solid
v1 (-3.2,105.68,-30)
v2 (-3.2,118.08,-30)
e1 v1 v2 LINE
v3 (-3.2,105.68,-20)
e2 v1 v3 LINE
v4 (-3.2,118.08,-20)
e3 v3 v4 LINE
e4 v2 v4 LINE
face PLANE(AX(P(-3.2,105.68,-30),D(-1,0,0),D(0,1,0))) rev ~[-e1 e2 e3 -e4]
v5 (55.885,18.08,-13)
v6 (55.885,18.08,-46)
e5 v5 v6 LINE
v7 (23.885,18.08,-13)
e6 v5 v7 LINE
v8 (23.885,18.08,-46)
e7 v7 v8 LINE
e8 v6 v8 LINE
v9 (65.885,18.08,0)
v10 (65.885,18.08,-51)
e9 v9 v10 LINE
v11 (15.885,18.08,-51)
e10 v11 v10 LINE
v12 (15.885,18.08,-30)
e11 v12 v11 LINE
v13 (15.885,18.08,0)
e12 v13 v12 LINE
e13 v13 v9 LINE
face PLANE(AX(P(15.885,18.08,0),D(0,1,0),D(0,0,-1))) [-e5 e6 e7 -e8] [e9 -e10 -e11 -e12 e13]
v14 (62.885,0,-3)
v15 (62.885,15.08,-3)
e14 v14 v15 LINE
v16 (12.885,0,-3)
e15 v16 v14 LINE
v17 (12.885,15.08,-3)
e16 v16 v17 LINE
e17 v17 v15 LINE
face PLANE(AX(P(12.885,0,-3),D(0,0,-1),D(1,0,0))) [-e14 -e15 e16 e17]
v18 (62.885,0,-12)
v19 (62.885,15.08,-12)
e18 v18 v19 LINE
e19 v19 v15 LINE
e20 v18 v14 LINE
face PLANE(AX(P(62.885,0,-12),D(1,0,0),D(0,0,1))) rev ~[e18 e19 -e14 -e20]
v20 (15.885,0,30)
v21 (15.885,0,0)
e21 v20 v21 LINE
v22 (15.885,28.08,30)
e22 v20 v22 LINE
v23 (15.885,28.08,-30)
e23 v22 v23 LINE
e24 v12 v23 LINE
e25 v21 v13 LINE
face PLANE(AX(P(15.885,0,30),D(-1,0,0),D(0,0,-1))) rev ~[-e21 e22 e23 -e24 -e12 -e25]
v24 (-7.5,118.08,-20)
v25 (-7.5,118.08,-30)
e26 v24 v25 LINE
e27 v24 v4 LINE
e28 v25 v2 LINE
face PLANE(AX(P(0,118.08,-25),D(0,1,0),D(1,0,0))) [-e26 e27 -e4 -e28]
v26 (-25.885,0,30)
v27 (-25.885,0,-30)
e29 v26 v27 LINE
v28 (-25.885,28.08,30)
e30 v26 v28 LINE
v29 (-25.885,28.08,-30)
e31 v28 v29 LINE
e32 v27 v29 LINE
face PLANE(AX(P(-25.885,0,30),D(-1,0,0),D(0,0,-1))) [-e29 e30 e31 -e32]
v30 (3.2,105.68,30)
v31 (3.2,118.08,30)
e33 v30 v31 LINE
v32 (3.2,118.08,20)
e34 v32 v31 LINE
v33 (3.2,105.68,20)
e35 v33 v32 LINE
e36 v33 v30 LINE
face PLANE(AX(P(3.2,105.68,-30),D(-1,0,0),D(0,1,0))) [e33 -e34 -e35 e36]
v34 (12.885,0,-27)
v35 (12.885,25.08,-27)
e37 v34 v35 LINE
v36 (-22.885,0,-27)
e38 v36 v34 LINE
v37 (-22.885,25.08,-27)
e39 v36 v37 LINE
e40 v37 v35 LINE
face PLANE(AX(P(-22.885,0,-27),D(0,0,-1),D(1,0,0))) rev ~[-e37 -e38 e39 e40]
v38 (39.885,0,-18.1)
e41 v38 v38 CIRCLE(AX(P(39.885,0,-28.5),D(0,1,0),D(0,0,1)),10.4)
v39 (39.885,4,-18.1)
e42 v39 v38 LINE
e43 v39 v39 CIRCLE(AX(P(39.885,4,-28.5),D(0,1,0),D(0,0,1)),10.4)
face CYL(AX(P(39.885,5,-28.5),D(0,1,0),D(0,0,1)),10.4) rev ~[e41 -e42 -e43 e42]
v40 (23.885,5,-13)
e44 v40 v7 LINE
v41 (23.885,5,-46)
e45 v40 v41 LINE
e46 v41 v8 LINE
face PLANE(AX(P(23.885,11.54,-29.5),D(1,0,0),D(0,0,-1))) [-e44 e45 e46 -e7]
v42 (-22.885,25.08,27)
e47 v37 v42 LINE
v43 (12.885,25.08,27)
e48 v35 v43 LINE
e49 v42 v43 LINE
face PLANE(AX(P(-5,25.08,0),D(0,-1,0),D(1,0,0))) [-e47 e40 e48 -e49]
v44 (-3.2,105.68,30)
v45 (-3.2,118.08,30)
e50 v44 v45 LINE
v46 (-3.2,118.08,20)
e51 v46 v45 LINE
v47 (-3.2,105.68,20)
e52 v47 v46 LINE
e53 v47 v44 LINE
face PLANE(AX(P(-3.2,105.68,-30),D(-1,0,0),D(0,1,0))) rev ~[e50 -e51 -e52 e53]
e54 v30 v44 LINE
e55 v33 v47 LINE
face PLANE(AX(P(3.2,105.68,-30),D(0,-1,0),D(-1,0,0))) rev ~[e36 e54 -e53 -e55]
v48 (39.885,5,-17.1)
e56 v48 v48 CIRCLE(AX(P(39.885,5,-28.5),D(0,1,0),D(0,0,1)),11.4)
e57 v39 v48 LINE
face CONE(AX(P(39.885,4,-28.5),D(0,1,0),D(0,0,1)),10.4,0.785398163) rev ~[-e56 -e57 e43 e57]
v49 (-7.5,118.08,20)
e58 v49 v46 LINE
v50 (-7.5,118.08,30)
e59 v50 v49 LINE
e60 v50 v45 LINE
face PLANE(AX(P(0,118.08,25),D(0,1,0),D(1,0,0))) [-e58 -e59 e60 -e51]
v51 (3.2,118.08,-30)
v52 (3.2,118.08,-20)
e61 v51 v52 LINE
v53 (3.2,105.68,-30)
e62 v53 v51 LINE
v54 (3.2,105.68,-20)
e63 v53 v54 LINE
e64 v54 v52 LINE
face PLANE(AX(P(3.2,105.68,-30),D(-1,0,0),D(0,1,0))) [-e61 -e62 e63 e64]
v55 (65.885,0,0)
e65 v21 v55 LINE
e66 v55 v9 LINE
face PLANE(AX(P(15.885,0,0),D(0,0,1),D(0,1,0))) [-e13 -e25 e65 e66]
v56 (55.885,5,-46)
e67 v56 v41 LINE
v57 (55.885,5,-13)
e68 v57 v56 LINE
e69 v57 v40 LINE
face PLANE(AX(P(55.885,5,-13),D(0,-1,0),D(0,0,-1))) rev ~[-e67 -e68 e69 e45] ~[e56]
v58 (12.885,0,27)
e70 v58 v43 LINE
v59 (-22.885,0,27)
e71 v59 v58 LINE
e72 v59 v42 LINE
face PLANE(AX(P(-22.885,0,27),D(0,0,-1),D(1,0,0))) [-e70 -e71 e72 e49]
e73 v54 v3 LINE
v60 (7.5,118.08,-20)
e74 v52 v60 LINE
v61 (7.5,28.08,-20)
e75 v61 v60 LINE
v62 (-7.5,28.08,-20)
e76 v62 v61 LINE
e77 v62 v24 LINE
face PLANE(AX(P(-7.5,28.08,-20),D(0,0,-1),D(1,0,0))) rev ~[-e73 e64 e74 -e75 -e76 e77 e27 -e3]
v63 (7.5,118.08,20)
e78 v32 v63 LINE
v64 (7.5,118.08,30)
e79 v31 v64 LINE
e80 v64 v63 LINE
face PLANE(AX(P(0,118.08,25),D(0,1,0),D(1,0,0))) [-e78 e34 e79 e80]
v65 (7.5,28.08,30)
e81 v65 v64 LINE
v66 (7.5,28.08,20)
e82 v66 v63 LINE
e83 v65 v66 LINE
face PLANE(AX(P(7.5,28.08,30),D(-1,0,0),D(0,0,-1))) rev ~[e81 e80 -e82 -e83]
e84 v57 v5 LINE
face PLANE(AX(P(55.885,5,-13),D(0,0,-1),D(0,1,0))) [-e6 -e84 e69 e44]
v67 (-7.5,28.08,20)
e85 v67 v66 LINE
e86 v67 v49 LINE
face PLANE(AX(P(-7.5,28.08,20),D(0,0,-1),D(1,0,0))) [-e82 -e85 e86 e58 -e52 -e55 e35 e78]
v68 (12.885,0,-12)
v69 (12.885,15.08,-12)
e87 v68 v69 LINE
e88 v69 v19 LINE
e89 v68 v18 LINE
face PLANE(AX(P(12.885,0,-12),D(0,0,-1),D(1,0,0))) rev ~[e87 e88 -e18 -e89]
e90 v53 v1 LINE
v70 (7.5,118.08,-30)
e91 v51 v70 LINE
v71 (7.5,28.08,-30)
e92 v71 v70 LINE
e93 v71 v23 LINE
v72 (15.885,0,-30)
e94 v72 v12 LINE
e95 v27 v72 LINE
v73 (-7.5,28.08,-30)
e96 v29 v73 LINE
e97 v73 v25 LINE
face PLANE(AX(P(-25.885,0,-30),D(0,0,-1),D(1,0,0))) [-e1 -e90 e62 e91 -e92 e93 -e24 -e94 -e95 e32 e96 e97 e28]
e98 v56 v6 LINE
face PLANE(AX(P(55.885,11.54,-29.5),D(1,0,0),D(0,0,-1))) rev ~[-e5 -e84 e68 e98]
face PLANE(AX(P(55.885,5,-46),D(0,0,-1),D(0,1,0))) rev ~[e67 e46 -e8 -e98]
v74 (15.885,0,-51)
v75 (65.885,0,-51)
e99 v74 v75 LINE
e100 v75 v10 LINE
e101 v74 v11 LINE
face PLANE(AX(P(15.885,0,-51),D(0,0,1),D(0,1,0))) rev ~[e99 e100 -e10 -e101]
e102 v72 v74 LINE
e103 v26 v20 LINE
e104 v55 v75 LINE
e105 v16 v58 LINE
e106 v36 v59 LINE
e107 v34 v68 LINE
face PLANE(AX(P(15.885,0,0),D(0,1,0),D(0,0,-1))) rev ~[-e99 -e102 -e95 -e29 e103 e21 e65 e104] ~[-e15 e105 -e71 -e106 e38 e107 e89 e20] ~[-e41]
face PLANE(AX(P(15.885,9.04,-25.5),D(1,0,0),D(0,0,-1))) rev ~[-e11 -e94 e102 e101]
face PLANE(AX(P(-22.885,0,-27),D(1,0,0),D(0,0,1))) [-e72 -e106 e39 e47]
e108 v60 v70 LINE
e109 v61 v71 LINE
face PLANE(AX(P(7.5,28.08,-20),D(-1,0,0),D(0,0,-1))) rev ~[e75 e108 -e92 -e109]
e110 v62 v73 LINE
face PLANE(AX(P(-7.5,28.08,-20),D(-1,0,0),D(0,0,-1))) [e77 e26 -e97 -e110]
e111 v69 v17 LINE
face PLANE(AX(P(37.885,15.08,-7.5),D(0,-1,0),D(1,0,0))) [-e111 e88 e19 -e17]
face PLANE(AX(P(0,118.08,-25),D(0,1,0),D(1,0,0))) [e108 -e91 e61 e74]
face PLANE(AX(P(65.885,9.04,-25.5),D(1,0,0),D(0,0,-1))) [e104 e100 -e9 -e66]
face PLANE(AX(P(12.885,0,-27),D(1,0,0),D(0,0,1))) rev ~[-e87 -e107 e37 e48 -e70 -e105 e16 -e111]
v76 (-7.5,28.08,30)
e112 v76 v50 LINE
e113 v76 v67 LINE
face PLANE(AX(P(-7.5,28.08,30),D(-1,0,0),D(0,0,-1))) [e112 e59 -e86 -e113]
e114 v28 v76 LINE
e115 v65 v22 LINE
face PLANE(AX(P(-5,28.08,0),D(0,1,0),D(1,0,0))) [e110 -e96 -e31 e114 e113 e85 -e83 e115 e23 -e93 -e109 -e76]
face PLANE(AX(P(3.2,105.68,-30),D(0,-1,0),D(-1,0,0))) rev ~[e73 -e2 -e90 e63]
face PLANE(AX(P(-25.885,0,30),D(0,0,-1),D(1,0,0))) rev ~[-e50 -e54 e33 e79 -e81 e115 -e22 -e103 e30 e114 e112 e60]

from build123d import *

# Parameters (mm, degrees)
SKETCH2_W           = 41.77
SKETCH2_H           = 60
BOSS_EXTRUDE1_DEPTH = 28.08
SKETCH6_W           = 15
SKETCH6_H           = 10
BOSS_EXTRUDE4_DEPTH = 90
SKETCH7_W           = 6.4
SKETCH7_H           = 12.4
CUT_EXTRUDE1_DEPTH  = 135.955250454
SKETCH8_W           = 51
SKETCH8_H           = 18.08
BOSS_EXTRUDE5_DEPTH = 50
SKETCH9_W           = 33
SKETCH9_H           = 13.08
CUT_EXTRUDE2_DEPTH  = 32
SKETCH10_W          = 35.77
SKETCH10_H          = 54
CUT_EXTRUDE3_DEPTH  = 25.08
SKETCH11_W          = 50
SKETCH11_H          = 9
CUT_EXTRUDE4_DEPTH  = 15.08
SKETCH13_R          = 10.4
CUT_EXTRUDE5_DEPTH  = 10
CHAMFER1_SIZE       = 1


with BuildPart() as part:
    # Sketch2 → Boss-Extrude1 (new body)
    with BuildSketch(Plane(origin=(0, 0, 0), x_dir=(1, 0, 0), z_dir=(0, 1, 0))):
        with Locations((-5, 0)):
            Rectangle(SKETCH2_W, SKETCH2_H)
    extrude(amount=BOSS_EXTRUDE1_DEPTH)

    # Sketch6 → Boss-Extrude4 (add)
    with BuildSketch(Plane(origin=(0, 28.08, 0), x_dir=(1, 0, 0), z_dir=(0, 1, 0))):
        with Locations((0, -25)):
            Rectangle(SKETCH6_W, SKETCH6_H)
        with Locations((0, 25)):
            Rectangle(SKETCH6_W, SKETCH6_H)
    extrude(amount=BOSS_EXTRUDE4_DEPTH)

    # Sketch7 → Cut-Extrude1 (cut, through all)
    with BuildSketch(Plane(origin=(0, 0, -30), x_dir=(-1, 0, 0), z_dir=(0, 0, -1))):
        with Locations((0, 111.88)):
            Rectangle(SKETCH7_W, SKETCH7_H)
    extrude(amount=-CUT_EXTRUDE1_DEPTH, mode=Mode.SUBTRACT)

    # Sketch8 → Boss-Extrude5 (add)
    with BuildSketch(Plane(origin=(15.885, 0, 0), x_dir=(0, 0, -1), z_dir=(1, 0, 0))):
        with Locations((25.5, 9.04)):
            Rectangle(SKETCH8_W, SKETCH8_H)
    extrude(amount=BOSS_EXTRUDE5_DEPTH)

    # Sketch9 → Cut-Extrude2 (cut)
    with BuildSketch(Plane(origin=(55.885, 0, 0), x_dir=(0, 0, -1), z_dir=(1, 0, 0))):
        with Locations((29.5, 11.54)):
            Rectangle(SKETCH9_W, SKETCH9_H)
    extrude(amount=-CUT_EXTRUDE2_DEPTH, mode=Mode.SUBTRACT)

    # Sketch10 → Cut-Extrude3 (cut)
    with BuildSketch(Plane.XZ):
        with Locations((-5, 0)):
            Rectangle(SKETCH10_W, SKETCH10_H)
    extrude(amount=-CUT_EXTRUDE3_DEPTH, mode=Mode.SUBTRACT)

    # Sketch11 → Cut-Extrude4 (cut)
    with BuildSketch(Plane.XZ):
        with Locations((37.885, -7.5)):
            Rectangle(SKETCH11_W, SKETCH11_H)
    extrude(amount=-CUT_EXTRUDE4_DEPTH, mode=Mode.SUBTRACT)

    # Sketch13 → Cut-Extrude5 (cut)
    with BuildSketch(Plane(origin=(0, 5, 0), x_dir=(1, 0, 0), z_dir=(0, 1, 0))):
        with Locations(Location((39.885, 28.5, 0), (0, 0, 270))):
            Circle(SKETCH13_R)
    extrude(amount=-CUT_EXTRUDE5_DEPTH, mode=Mode.SUBTRACT)

    # Chamfer1
    chamfer1_edges = [part.edges().sort_by_distance(p)[0] for p in [
        (39.885, 5, -38.9),
    ]]
    chamfer(chamfer1_edges, length=CHAMFER1_SIZE)


solid = part.part
